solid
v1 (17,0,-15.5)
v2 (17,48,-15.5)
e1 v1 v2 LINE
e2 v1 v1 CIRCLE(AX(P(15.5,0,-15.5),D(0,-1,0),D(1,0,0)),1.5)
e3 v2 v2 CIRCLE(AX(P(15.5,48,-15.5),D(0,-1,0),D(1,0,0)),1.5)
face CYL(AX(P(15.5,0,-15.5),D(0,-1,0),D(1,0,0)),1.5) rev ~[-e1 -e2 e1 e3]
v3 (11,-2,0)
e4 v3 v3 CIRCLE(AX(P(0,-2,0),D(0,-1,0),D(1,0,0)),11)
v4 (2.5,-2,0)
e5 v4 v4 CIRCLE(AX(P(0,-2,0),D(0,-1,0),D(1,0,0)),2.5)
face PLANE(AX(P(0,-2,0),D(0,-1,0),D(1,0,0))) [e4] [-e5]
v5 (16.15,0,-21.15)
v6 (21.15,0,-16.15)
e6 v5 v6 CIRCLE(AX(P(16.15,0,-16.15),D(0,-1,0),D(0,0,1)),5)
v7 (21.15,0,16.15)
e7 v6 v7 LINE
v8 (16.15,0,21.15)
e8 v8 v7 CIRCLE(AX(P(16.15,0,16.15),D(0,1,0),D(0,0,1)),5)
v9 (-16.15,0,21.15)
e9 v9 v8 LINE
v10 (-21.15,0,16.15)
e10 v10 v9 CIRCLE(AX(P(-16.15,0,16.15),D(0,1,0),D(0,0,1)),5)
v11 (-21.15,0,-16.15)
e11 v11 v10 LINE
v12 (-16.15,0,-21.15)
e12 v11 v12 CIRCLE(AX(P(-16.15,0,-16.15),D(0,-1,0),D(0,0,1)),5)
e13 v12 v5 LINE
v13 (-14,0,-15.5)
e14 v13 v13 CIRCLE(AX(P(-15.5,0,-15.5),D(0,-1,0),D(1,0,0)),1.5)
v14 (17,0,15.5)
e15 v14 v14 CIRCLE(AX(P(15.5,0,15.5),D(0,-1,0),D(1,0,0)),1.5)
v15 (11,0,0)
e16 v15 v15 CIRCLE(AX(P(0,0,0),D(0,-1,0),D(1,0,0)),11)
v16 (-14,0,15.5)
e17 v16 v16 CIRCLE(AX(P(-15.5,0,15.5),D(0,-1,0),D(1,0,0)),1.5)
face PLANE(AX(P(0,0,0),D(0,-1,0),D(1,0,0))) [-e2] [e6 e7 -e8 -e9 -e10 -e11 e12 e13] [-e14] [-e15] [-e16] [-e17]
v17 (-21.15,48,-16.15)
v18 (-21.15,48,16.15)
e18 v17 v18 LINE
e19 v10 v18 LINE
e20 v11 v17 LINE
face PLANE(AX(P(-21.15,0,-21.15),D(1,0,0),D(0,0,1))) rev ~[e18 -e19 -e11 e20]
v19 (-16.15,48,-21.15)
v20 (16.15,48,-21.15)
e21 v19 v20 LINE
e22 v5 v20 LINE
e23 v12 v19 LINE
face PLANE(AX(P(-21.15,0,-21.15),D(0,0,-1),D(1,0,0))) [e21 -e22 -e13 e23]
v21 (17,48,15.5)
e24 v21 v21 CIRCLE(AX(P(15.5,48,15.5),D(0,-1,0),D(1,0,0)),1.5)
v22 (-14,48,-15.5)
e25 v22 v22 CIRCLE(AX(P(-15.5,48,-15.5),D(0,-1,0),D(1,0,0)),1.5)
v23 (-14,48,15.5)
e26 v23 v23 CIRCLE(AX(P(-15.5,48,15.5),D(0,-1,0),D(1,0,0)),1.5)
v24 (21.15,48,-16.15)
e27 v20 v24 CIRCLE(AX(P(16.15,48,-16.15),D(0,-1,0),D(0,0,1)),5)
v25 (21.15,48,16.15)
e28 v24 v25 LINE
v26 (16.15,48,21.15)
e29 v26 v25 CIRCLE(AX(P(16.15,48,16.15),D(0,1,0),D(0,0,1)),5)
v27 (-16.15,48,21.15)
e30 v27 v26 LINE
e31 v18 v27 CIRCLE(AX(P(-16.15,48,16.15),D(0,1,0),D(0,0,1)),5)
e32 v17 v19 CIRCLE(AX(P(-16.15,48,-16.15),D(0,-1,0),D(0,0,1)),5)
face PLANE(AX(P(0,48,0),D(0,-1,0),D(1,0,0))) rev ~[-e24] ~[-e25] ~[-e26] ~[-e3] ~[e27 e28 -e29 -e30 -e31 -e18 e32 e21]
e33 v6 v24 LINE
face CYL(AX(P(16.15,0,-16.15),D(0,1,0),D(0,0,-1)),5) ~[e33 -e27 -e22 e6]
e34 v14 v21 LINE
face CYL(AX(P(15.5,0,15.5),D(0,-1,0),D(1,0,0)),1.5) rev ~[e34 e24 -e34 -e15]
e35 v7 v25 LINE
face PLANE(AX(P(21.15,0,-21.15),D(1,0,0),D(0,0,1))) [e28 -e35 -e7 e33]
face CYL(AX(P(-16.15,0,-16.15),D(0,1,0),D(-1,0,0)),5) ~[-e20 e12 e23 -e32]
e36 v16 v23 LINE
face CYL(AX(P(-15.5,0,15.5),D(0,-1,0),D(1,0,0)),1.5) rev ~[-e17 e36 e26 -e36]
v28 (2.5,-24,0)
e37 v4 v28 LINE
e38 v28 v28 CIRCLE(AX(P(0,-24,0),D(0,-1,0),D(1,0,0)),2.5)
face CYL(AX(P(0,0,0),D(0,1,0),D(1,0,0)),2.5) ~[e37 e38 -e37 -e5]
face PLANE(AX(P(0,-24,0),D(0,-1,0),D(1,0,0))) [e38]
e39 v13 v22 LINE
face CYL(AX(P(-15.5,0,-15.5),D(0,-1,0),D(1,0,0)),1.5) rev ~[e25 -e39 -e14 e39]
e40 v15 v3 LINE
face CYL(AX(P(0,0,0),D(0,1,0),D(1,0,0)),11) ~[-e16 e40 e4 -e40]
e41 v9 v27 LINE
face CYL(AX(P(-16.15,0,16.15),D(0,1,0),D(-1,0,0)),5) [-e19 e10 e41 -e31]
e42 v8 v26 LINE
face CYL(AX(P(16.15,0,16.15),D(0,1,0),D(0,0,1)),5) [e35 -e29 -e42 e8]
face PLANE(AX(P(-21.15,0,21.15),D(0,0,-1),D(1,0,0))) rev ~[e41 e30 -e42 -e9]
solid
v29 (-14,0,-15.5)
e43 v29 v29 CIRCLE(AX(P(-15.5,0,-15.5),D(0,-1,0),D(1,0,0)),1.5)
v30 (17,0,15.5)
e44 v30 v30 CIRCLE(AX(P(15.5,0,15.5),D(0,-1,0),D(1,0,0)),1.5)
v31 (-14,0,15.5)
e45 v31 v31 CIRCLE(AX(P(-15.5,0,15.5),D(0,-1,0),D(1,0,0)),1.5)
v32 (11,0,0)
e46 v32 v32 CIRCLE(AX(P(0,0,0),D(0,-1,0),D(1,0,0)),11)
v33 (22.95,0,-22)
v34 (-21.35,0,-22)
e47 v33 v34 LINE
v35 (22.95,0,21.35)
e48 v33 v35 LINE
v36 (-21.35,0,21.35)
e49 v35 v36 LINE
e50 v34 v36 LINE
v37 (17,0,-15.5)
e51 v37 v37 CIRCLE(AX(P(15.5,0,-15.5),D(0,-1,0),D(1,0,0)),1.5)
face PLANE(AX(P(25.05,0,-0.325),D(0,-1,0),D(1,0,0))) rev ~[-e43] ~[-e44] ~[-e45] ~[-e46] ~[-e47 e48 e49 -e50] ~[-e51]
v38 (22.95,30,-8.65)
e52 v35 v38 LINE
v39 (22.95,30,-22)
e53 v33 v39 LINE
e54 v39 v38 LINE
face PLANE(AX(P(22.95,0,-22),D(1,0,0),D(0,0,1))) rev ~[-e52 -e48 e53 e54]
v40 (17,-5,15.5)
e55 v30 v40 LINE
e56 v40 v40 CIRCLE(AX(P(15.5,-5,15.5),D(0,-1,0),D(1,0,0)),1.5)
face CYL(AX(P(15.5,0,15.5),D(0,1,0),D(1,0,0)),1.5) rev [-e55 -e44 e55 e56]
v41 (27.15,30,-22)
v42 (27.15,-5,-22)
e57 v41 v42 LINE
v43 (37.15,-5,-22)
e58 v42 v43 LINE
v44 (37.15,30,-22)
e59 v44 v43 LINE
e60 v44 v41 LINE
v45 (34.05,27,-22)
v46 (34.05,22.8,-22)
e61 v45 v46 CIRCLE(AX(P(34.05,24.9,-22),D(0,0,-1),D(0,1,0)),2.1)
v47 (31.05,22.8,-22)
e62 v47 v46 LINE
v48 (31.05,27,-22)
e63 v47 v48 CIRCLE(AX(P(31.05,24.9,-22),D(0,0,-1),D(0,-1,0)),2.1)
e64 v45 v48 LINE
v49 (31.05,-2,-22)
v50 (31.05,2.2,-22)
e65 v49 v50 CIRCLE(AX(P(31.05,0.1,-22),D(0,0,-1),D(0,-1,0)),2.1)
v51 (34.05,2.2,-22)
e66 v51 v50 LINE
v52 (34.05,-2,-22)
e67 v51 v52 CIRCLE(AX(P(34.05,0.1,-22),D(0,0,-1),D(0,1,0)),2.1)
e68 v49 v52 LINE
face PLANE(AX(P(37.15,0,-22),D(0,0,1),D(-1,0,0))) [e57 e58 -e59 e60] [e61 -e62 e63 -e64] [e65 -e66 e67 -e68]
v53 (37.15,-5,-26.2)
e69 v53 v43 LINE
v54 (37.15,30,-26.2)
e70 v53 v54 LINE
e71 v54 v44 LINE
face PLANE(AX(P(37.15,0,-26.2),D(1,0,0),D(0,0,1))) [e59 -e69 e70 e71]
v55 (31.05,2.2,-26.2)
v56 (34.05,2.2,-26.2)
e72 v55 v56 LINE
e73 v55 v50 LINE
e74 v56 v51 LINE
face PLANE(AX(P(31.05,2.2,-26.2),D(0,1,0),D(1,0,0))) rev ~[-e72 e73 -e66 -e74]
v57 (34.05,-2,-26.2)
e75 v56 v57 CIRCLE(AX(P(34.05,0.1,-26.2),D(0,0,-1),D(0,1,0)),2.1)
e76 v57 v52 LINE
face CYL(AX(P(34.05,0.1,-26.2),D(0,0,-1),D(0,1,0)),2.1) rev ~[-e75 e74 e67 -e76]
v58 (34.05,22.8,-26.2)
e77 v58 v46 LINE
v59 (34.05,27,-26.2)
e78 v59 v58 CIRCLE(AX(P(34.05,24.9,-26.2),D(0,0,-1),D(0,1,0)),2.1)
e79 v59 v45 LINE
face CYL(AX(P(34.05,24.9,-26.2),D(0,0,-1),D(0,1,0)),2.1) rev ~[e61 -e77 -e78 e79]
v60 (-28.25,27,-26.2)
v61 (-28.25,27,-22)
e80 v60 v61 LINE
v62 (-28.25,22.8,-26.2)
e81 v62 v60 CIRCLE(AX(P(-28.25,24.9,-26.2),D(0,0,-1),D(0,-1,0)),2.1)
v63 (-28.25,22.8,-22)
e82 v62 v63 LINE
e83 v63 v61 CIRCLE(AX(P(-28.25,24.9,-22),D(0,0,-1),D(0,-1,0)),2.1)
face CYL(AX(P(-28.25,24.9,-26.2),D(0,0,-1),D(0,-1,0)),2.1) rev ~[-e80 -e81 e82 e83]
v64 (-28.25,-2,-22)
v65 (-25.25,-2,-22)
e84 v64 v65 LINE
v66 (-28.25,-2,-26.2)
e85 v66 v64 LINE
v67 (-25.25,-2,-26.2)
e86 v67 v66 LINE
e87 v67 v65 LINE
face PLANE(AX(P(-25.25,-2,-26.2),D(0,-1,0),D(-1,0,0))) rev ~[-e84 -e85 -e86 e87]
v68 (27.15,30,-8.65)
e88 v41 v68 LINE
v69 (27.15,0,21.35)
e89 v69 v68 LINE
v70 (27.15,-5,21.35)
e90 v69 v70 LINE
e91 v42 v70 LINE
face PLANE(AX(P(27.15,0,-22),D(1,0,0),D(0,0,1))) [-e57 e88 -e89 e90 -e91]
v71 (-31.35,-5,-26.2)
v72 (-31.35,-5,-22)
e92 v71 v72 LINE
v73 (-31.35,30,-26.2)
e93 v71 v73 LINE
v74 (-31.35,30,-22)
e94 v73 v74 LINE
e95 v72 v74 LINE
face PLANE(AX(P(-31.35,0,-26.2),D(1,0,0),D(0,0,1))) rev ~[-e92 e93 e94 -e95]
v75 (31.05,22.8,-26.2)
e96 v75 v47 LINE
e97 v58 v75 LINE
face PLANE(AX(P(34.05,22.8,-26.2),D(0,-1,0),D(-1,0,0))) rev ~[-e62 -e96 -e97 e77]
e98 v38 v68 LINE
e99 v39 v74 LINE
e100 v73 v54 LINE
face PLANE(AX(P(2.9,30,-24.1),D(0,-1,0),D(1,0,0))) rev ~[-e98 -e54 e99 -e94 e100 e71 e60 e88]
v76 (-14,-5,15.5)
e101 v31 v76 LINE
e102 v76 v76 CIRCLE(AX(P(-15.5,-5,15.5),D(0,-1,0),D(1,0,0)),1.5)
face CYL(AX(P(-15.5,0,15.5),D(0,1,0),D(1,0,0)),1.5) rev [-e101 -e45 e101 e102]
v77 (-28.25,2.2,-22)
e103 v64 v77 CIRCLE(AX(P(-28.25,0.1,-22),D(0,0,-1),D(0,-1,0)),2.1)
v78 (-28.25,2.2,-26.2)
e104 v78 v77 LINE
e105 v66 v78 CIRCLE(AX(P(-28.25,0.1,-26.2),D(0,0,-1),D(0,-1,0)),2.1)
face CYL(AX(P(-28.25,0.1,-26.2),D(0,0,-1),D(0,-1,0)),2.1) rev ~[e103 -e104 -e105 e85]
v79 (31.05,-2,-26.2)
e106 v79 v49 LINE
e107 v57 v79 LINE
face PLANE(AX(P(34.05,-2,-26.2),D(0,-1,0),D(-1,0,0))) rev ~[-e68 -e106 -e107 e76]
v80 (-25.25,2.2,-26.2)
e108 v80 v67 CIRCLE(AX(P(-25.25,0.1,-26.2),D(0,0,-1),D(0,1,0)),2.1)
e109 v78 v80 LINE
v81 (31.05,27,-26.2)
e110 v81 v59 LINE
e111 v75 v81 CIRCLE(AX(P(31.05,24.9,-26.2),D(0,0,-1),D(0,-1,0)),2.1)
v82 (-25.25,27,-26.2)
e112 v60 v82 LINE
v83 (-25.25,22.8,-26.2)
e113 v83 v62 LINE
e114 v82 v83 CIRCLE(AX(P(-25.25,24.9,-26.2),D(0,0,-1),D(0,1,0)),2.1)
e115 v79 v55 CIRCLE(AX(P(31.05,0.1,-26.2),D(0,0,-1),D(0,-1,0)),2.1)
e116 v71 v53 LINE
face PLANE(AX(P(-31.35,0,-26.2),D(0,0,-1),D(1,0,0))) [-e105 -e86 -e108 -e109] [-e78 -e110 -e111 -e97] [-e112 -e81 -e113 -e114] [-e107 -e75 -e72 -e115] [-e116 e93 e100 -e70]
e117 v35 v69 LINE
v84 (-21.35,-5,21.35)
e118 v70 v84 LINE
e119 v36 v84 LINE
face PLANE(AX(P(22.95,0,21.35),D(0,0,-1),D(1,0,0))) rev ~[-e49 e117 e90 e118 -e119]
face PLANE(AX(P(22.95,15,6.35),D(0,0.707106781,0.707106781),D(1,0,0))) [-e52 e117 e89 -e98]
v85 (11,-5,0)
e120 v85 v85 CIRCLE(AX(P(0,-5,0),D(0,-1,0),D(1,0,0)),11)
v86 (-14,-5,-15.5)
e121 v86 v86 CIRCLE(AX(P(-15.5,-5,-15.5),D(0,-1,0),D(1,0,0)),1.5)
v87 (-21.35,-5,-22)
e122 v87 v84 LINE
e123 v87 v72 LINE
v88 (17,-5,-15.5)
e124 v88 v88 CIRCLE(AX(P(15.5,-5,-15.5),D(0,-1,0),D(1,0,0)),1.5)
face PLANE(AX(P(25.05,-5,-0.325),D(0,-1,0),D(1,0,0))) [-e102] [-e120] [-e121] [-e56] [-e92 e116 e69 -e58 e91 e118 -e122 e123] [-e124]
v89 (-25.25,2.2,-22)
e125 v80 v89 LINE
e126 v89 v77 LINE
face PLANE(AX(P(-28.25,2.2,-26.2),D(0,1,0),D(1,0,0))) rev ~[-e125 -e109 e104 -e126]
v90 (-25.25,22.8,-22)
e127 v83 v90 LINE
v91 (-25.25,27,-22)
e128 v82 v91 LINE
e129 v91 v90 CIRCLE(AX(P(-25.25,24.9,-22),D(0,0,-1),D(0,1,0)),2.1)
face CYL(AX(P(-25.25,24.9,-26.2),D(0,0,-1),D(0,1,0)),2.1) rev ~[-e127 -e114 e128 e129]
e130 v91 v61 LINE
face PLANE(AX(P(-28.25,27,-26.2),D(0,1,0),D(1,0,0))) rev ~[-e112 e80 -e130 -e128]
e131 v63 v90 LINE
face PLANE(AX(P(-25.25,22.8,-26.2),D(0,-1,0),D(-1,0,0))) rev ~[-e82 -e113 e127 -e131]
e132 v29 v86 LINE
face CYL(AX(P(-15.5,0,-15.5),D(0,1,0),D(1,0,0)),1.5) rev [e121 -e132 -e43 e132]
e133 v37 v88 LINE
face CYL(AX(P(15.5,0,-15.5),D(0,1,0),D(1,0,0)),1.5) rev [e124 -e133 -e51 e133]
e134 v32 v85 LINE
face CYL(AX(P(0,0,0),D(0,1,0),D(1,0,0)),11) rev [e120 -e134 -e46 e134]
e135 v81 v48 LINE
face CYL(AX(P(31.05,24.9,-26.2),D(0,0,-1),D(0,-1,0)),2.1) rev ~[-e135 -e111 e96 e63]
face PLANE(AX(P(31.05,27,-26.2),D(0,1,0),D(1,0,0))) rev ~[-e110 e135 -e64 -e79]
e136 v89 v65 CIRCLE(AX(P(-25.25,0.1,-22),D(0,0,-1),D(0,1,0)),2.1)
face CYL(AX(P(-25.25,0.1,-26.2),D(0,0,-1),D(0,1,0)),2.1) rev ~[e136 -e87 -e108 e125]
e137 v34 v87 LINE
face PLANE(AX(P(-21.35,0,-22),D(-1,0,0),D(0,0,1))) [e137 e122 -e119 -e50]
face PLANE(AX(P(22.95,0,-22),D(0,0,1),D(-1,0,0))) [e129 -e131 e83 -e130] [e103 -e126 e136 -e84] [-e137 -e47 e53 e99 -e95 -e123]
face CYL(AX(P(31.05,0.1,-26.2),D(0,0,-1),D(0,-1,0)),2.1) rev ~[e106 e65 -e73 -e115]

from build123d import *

# Parameters (mm, degrees)
F0_R      = 2.5
F1_DEPTH  = 24
F0_R_2    = 11
F2_DEPTH  = 2
F0_W      = 42.3
F0_H      = 42.3
F0_R_3    = 1.5
F3_DEPTH  = 48
F4_R      = 5
F5_W      = 4.2
F5_H      = 43.35
F5_W_2    = 10
F5_H_2    = 4.2
F5_W_3    = 44.3
F5_R      = 1.5
F5_R_2    = 11
F6_DEPTH  = 5
F7_DEPTH  = 30
F8_SIZE   = 30
F10_DEPTH = 47.551


with BuildPart() as f1:
    # F0 (on Front) → F1 (new body)
    with BuildSketch(Plane.XZ):
        Circle(F0_R)
    extrude(amount=F1_DEPTH)

    # F0 (on Front) → F2 (join)
    with BuildSketch(Plane.XZ):
        Circle(F0_R_2)
        Circle(F0_R, mode=Mode.SUBTRACT)
    extrude(amount=F2_DEPTH)

    # F0 (on Front) → F3 (join)
    with BuildSketch(Plane.XZ):
        Rectangle(F0_W, F0_H)
        with Locations((-15.5, -15.5)):
            Circle(F0_R_3, mode=Mode.SUBTRACT)
        with Locations((15.5, -15.5)):
            Circle(F0_R_3, mode=Mode.SUBTRACT)
        with Locations((-15.5, 15.5)):
            Circle(F0_R_3, mode=Mode.SUBTRACT)
        Circle(F0_R_2, mode=Mode.SUBTRACT)
        with Locations((15.5, 15.5)):
            Circle(F0_R_3, mode=Mode.SUBTRACT)
        Circle(F0_R_2)
        Circle(F0_R, mode=Mode.SUBTRACT)
        Circle(F0_R)
    extrude(amount=-F3_DEPTH)

    # F4
    f4_edges = [f1.edges().sort_by_distance(p)[0] for p in [
        (21.15, 24, 21.15),
        (21.15, 24, -21.15),
        (-21.15, 24, -21.15),
        (-21.15, 24, 21.15),
    ]]
    fillet(f4_edges, radius=F4_R)


with BuildPart() as f6:
    # F5 (on face) → F6 (new body)
    with BuildSketch(Plane.XZ):
        with Locations((25.05, -0.325)):
            Rectangle(F5_W, F5_H)
        Polygon((22.95, -22), (-21.35, -22), (-21.35, -26.2), (27.15, -26.2), (27.15, -22), align=None)
        with Locations((32.15, -24.1)):
            Rectangle(F5_W_2, F5_H_2)
        with Locations((-26.35, -24.1)):
            Rectangle(F5_W_2, F5_H_2)
        with Locations((0.8, -0.325)):
            Rectangle(F5_W_3, F5_H)
        with BuildLine():
            Line((21.15, 16.15), (21.15, -16.15))
            ThreePointArc((21.15, -16.15), (19.6855339059, -19.6855339059), (16.15, -21.15))
            Line((16.15, -21.15), (-16.15, -21.15))
            ThreePointArc((-16.15, -21.15), (-19.6855339059, -19.6855339059), (-21.15, -16.15))
            Line((-21.15, -16.15), (-21.15, 16.15))
            ThreePointArc((-21.15, 16.15), (-19.6855339059, 19.6855339059), (-16.15, 21.15))
            Line((-16.15, 21.15), (16.15, 21.15))
            ThreePointArc((16.15, 21.15), (19.6855339059, 19.6855339059), (21.15, 16.15))
        make_face(mode=Mode.SUBTRACT)
        with BuildLine():
            ThreePointArc((16.15, -21.15), (19.6855339059, -19.6855339059), (21.15, -16.15))
            Line((21.15, -16.15), (21.15, 16.15))
            ThreePointArc((21.15, 16.15), (19.6855339059, 19.6855339059), (16.15, 21.15))
            Line((16.15, 21.15), (-16.15, 21.15))
            ThreePointArc((-16.15, 21.15), (-19.6855339059, 19.6855339059), (-21.15, 16.15))
            Line((-21.15, 16.15), (-21.15, -16.15))
            ThreePointArc((-21.15, -16.15), (-19.6855339059, -19.6855339059), (-16.15, -21.15))
            Line((-16.15, -21.15), (16.15, -21.15))
        make_face()
        with Locations((-15.5, -15.5)):
            Circle(F5_R, mode=Mode.SUBTRACT)
        with Locations((15.5, -15.5)):
            Circle(F5_R, mode=Mode.SUBTRACT)
        Circle(F5_R_2, mode=Mode.SUBTRACT)
        with Locations((-15.5, 15.5)):
            Circle(F5_R, mode=Mode.SUBTRACT)
        with Locations((15.5, 15.5)):
            Circle(F5_R, mode=Mode.SUBTRACT)
    extrude(amount=F6_DEPTH)

    # F5 (on face) → F7 (join)
    with BuildSketch(Plane.XZ):
        Polygon((22.95, -22), (-21.35, -22), (-21.35, -26.2), (27.15, -26.2), (27.15, -22), align=None)
        with Locations((32.15, -24.1)):
            Rectangle(F5_W_2, F5_H_2)
        with Locations((25.05, -0.325)):
            Rectangle(F5_W, F5_H)
        with Locations((-26.35, -24.1)):
            Rectangle(F5_W_2, F5_H_2)
    extrude(amount=-F7_DEPTH)

    # F8
    f8_edges = [f6.edges().sort_by_distance(p)[0] for p in [
        (25.05, 30, 21.35),
    ]]
    chamfer(f8_edges, length=F8_SIZE)

    # F9 (on face) → F10 (cut, through all)
    with BuildSketch(Plane(origin=(0, 0, -26.2), x_dir=(1, 0, 0), z_dir=(0, 0, -1))):
        with BuildLine():
            ThreePointArc((31.05, -22.8), (28.95, -24.9), (31.05, -27))
            Line((31.05, -27), (34.05, -27))
            ThreePointArc((34.05, -27), (36.15, -24.9), (34.05, -22.8))
            Line((34.05, -22.8), (31.05, -22.8))
        make_face()
        with BuildLine():
            Line((34.05, 2), (31.05, 2))
            ThreePointArc((31.05, 2), (28.95, -0.1), (31.05, -2.2))
            Line((31.05, -2.2), (34.05, -2.2))
            ThreePointArc((34.05, -2.2), (36.15, -0.1), (34.05, 2))
        make_face()
        with BuildLine():
            Line((-28.25, -27), (-25.25, -27))
            ThreePointArc((-25.25, -27), (-23.15, -24.9), (-25.25, -22.8))
            Line((-25.25, -22.8), (-28.25, -22.8))
            ThreePointArc((-28.25, -22.8), (-30.35, -24.9), (-28.25, -27))
        make_face()
        with BuildLine():
            ThreePointArc((-28.25, 2), (-30.35, -0.1), (-28.25, -2.2))
            Line((-28.25, -2.2), (-25.25, -2.2))
            ThreePointArc((-25.25, -2.2), (-23.15, -0.1), (-25.25, 2))
            Line((-25.25, 2), (-28.25, 2))
        make_face()
    extrude(amount=-F10_DEPTH, mode=Mode.SUBTRACT)


solid = Compound([f1.part, f6.part])
